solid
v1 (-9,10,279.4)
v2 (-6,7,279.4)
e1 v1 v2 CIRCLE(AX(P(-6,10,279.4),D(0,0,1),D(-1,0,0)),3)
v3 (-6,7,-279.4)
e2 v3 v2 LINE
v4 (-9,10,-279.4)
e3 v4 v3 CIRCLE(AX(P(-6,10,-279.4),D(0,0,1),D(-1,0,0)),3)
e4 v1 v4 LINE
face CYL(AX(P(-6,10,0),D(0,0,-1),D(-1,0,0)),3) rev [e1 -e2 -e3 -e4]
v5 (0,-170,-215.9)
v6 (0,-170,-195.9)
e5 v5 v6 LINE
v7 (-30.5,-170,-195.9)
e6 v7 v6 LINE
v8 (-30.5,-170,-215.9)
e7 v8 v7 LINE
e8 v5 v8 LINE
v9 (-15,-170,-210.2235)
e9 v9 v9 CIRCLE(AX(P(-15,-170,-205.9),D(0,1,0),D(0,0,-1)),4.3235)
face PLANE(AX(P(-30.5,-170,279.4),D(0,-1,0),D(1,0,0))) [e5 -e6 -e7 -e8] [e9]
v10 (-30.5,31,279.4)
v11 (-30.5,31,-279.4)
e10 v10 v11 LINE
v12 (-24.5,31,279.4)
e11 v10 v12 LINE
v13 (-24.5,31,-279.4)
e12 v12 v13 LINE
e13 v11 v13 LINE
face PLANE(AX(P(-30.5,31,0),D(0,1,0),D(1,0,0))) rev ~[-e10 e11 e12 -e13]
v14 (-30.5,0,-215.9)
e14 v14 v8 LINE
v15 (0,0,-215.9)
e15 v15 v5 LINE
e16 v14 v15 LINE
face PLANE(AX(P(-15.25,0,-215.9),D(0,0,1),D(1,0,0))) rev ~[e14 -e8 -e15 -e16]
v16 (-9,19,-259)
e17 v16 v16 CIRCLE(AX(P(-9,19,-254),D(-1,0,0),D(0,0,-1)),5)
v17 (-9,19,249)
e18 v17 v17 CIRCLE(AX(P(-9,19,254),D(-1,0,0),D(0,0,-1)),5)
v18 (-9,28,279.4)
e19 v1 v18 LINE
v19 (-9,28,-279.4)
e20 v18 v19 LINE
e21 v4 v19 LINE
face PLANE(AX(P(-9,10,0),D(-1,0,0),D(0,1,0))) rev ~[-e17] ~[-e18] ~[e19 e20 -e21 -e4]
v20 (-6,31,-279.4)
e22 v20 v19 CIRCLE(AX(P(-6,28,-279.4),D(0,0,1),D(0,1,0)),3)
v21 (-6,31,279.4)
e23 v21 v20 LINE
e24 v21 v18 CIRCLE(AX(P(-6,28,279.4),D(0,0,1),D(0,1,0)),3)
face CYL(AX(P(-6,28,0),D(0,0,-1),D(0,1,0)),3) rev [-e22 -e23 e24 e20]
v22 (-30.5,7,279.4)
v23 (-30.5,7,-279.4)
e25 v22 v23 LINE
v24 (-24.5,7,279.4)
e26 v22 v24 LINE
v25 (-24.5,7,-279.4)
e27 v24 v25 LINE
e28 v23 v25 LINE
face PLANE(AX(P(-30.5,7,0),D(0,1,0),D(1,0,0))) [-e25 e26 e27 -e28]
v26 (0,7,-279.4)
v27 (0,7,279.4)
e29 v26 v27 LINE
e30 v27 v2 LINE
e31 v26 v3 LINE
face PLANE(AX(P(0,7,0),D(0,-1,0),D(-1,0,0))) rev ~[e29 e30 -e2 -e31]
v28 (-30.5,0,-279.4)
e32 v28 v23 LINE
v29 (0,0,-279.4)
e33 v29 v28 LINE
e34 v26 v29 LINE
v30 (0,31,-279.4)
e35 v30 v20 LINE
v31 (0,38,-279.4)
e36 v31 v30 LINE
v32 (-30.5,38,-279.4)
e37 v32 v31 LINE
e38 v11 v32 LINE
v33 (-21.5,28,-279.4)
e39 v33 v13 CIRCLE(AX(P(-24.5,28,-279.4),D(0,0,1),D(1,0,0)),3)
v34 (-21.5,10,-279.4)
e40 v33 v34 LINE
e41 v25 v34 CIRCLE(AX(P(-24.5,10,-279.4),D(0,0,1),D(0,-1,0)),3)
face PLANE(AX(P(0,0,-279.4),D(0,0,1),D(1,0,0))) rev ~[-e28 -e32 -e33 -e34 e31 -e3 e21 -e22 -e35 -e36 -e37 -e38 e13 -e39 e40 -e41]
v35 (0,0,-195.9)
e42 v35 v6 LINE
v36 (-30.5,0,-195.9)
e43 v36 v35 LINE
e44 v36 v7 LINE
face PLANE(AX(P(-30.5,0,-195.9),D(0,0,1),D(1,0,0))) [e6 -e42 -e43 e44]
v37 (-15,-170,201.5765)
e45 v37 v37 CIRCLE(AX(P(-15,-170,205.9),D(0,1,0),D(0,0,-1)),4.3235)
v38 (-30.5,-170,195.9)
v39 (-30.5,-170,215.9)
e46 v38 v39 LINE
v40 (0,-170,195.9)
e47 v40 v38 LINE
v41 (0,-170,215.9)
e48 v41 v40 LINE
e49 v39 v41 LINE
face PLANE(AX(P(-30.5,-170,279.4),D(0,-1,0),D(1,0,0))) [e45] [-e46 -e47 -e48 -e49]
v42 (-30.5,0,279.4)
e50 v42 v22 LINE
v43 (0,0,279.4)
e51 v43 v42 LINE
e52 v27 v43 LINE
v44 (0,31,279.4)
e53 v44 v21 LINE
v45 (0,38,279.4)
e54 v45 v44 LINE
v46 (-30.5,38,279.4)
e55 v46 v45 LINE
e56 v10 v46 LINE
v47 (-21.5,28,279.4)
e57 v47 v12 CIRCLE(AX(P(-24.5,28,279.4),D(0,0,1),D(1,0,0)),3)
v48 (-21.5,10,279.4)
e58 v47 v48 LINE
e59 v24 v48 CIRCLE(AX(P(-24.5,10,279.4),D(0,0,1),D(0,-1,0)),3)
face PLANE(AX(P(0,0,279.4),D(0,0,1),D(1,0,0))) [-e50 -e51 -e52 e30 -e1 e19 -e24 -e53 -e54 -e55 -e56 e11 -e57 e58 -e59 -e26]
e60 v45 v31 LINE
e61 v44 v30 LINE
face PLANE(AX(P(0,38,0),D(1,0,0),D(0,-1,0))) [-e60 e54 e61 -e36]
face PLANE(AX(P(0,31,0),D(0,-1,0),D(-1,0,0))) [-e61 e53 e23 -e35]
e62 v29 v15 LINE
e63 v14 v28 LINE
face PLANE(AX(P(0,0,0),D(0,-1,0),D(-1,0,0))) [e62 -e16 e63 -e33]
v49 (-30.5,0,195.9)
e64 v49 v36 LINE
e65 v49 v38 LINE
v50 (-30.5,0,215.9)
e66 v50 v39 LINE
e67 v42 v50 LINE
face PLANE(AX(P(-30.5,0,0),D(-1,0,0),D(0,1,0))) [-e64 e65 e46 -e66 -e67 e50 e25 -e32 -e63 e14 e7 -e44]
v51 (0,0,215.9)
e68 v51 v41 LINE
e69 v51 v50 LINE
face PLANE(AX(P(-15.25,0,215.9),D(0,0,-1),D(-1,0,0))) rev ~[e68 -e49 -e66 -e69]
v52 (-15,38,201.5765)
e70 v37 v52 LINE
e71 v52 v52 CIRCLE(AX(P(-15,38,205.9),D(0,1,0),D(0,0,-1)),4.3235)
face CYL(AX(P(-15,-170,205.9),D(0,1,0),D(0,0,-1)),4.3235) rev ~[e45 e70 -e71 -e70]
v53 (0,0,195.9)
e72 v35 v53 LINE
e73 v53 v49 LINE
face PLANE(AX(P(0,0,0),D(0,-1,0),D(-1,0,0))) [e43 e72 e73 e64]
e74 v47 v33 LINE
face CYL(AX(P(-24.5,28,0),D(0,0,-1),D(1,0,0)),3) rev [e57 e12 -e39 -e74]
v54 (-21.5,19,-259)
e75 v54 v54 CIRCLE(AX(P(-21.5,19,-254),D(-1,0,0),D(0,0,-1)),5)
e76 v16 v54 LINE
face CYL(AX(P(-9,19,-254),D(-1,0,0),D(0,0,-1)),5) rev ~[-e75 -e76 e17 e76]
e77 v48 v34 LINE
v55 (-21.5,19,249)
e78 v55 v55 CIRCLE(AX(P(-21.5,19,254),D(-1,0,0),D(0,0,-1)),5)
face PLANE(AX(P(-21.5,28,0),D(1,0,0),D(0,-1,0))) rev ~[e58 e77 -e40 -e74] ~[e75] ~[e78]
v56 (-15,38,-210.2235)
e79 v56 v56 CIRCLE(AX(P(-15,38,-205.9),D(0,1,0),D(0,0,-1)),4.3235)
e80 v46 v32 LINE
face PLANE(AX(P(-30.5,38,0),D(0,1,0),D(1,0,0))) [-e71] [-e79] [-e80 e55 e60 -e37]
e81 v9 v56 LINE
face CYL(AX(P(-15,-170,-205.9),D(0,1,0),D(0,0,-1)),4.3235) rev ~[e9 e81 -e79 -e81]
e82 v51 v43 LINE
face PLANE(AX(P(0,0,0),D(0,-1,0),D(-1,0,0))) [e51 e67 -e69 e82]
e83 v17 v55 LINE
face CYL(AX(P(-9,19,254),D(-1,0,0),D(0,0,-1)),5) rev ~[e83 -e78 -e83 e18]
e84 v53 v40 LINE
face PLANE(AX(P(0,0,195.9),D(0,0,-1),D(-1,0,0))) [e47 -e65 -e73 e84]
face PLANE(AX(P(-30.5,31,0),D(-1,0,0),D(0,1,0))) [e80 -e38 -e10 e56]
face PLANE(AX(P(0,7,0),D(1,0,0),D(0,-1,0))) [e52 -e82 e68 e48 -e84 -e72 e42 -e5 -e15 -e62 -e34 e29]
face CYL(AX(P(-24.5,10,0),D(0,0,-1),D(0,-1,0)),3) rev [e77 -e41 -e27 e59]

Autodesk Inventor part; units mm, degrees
ref_plane "YZ Plane" through (0, 0, 0) normal (1, 0, 0) x (0, 1, 0)
ref_plane "XZ Plane" through (0, 0, 0) normal (0, 1, 0) x (-1, 0, 0)
ref_plane "XY Plane" through (0, 0, 0) normal (0, 0, 1) x (1, 0, 0)
sketch "Sketch1" plane through (0, 0, 0) normal (0, 0, 1) x (1, 0, 0)
  line L0 (0, 0) -> (-30.5, 0)
  line L1 (-30.5, 0) -> (-30.5, 38)
  line L2 (-30.5, 38) -> (0, 38)
  line L3 (0, 38) -> (0, 0)
  line L4 (0, 0) -> (0, 7)
  line L5 (0, 38) -> (0, 31)
  line L6 (0, 31) -> (-6, 31)
  line L7 (0, 7) -> (-6, 7)
  line L8 (-9, 10) -> (-9, 28)
  line L9 (-30.5, 38) -> (-30.5, 31)
  line L10 (-30.5, 31) -> (-24.5, 31)
  line L11 (-21.5, 28) -> (-21.5, 10)
  line L12 (-30.5, 0) -> (-30.5, 7)
  line L13 (-30.5, 7) -> (-24.5, 7)
  arc A0 (-6, 31) -> (-9, 28) centre (-6, 28) ccw
  arc A1 (-9, 10) -> (-6, 7) centre (-6, 10) ccw
  arc A2 (-21.5, 28) -> (-24.5, 31) centre (-24.5, 28) ccw
  arc A3 (-24.5, 7) -> (-21.5, 10) centre (-24.5, 10) ccw
  point P0 (-9, 31)
  point P1 (-21.5, 31)
  dimension "d0" = 30.5
  dimension "d1" = 38
  dimension "d2" = 7
  dimension "d3" = 7
  dimension "d4" = 9
  dimension "d6" = 7
  dimension "d7" = 9
  dimension "d8" = 7
  dimension "d9" = 3
  dimension "d11" = 3
extrude "Extrusion1" add sketch "Sketch1" along normal mid plane 558.8 contours L0 L1 L13 A3 L11 A2 L10 L2 L3 L6 A0 L8 A1 L7
hole "Hole1" at (-9, 19, 254) direction (-1, 0, 0) diameter 10 depth 25
hole "Hole2" at (-9, 19, -254) direction (-1, 0, 0) diameter 10 depth 25 tip angle 118
sketch "Sketch2" plane through (-30.5, 0, 279.4) normal (0, -1, 0) x (1, 0, 0)
  line L0 (0, 0) -> (30.5, 0) projected
  line L1 (15.25, 0) -> (15.25, -63.5)
  line L2 (15.25, -63.5) -> (0, -63.5)
  line L3 (0, -558.8) -> (0, 0) projected
  line L4 (15.25, -63.5) -> (30.5, -63.5)
  line L5 (30.5, -63.5) -> (30.5, -83.5)
  line L6 (30.5, -558.8) -> (30.5, 0) projected
  line L7 (30.5, -83.5) -> (0, -83.5)
  line L8 (0, -83.5) -> (0, -63.5)
  line L9 (30.5, -558.8) -> (0, -558.8) projected
  line L10 (15.25, -558.8) -> (15.25, -495.3)
  line L11 (15.25, -495.3) -> (30.5, -495.3)
  line L12 (15.25, -495.3) -> (0, -495.3)
  line L13 (0, -495.3) -> (0, -475.3)
  line L14 (0, -475.3) -> (30.5, -475.3)
  line L15 (30.5, -475.3) -> (30.5, -495.3)
  point P0 (30.5, -279.4)
  dimension "d33" = 63.5
  dimension "d34" = 20
  dimension "d35" = 30.5
  dimension "d36" = 63.5
  dimension "d37" = 20
extrude "Extrusion2" add sketch "Sketch2" along normal blind 170 contours L2 L4 L5 L7 L3 | L14 L6 L11 L12 L3
sketch "Sketch5" plane through (-30.5, 38, 279.4) normal (0, 1, 0) x (1, 0, 0)
  point P0 (30.5, 279.4)
sketch "Sketch8" plane through (-30.5, -170, 279.4) normal (0, -1, 0) x (1, 0, 0)
  line L0 (30.5, -83.5) -> (30.5, -63.5) projected
  line L1 (30.5, -63.5) -> (0, -63.5) projected
  point P0 (30.5, -279.4)
  point P1 (15.5, -73.5)
  dimension "d72" = 15
  dimension "d73" = 10
hole "Hole5" at (-15, -170, 205.9) direction (0, 1, 0) diameter 8.647 end through all thread size "M10x1.25" class "6H" standard "ANSI Metric M Profile"
sketch "Sketch9" plane through (-30.5, -170, 279.4) normal (0, -1, 0) x (1, 0, 0)
  line L0 (30.5, -495.3) -> (30.5, -475.3) projected
  line L1 (30.5, -475.3) -> (0, -475.3) projected
  point P0 (30.5, -279.4)
  point P1 (15.5, -485.3)
  dimension "d81" = 15
  dimension "d82" = 10
hole "Hole6" at (-15, -170, -205.9) direction (0, 1, 0) diameter 8.647 end through all thread size "M10x1.25" class "6H" standard "ANSI Metric M Profile"
properties part number "BarraEx"
